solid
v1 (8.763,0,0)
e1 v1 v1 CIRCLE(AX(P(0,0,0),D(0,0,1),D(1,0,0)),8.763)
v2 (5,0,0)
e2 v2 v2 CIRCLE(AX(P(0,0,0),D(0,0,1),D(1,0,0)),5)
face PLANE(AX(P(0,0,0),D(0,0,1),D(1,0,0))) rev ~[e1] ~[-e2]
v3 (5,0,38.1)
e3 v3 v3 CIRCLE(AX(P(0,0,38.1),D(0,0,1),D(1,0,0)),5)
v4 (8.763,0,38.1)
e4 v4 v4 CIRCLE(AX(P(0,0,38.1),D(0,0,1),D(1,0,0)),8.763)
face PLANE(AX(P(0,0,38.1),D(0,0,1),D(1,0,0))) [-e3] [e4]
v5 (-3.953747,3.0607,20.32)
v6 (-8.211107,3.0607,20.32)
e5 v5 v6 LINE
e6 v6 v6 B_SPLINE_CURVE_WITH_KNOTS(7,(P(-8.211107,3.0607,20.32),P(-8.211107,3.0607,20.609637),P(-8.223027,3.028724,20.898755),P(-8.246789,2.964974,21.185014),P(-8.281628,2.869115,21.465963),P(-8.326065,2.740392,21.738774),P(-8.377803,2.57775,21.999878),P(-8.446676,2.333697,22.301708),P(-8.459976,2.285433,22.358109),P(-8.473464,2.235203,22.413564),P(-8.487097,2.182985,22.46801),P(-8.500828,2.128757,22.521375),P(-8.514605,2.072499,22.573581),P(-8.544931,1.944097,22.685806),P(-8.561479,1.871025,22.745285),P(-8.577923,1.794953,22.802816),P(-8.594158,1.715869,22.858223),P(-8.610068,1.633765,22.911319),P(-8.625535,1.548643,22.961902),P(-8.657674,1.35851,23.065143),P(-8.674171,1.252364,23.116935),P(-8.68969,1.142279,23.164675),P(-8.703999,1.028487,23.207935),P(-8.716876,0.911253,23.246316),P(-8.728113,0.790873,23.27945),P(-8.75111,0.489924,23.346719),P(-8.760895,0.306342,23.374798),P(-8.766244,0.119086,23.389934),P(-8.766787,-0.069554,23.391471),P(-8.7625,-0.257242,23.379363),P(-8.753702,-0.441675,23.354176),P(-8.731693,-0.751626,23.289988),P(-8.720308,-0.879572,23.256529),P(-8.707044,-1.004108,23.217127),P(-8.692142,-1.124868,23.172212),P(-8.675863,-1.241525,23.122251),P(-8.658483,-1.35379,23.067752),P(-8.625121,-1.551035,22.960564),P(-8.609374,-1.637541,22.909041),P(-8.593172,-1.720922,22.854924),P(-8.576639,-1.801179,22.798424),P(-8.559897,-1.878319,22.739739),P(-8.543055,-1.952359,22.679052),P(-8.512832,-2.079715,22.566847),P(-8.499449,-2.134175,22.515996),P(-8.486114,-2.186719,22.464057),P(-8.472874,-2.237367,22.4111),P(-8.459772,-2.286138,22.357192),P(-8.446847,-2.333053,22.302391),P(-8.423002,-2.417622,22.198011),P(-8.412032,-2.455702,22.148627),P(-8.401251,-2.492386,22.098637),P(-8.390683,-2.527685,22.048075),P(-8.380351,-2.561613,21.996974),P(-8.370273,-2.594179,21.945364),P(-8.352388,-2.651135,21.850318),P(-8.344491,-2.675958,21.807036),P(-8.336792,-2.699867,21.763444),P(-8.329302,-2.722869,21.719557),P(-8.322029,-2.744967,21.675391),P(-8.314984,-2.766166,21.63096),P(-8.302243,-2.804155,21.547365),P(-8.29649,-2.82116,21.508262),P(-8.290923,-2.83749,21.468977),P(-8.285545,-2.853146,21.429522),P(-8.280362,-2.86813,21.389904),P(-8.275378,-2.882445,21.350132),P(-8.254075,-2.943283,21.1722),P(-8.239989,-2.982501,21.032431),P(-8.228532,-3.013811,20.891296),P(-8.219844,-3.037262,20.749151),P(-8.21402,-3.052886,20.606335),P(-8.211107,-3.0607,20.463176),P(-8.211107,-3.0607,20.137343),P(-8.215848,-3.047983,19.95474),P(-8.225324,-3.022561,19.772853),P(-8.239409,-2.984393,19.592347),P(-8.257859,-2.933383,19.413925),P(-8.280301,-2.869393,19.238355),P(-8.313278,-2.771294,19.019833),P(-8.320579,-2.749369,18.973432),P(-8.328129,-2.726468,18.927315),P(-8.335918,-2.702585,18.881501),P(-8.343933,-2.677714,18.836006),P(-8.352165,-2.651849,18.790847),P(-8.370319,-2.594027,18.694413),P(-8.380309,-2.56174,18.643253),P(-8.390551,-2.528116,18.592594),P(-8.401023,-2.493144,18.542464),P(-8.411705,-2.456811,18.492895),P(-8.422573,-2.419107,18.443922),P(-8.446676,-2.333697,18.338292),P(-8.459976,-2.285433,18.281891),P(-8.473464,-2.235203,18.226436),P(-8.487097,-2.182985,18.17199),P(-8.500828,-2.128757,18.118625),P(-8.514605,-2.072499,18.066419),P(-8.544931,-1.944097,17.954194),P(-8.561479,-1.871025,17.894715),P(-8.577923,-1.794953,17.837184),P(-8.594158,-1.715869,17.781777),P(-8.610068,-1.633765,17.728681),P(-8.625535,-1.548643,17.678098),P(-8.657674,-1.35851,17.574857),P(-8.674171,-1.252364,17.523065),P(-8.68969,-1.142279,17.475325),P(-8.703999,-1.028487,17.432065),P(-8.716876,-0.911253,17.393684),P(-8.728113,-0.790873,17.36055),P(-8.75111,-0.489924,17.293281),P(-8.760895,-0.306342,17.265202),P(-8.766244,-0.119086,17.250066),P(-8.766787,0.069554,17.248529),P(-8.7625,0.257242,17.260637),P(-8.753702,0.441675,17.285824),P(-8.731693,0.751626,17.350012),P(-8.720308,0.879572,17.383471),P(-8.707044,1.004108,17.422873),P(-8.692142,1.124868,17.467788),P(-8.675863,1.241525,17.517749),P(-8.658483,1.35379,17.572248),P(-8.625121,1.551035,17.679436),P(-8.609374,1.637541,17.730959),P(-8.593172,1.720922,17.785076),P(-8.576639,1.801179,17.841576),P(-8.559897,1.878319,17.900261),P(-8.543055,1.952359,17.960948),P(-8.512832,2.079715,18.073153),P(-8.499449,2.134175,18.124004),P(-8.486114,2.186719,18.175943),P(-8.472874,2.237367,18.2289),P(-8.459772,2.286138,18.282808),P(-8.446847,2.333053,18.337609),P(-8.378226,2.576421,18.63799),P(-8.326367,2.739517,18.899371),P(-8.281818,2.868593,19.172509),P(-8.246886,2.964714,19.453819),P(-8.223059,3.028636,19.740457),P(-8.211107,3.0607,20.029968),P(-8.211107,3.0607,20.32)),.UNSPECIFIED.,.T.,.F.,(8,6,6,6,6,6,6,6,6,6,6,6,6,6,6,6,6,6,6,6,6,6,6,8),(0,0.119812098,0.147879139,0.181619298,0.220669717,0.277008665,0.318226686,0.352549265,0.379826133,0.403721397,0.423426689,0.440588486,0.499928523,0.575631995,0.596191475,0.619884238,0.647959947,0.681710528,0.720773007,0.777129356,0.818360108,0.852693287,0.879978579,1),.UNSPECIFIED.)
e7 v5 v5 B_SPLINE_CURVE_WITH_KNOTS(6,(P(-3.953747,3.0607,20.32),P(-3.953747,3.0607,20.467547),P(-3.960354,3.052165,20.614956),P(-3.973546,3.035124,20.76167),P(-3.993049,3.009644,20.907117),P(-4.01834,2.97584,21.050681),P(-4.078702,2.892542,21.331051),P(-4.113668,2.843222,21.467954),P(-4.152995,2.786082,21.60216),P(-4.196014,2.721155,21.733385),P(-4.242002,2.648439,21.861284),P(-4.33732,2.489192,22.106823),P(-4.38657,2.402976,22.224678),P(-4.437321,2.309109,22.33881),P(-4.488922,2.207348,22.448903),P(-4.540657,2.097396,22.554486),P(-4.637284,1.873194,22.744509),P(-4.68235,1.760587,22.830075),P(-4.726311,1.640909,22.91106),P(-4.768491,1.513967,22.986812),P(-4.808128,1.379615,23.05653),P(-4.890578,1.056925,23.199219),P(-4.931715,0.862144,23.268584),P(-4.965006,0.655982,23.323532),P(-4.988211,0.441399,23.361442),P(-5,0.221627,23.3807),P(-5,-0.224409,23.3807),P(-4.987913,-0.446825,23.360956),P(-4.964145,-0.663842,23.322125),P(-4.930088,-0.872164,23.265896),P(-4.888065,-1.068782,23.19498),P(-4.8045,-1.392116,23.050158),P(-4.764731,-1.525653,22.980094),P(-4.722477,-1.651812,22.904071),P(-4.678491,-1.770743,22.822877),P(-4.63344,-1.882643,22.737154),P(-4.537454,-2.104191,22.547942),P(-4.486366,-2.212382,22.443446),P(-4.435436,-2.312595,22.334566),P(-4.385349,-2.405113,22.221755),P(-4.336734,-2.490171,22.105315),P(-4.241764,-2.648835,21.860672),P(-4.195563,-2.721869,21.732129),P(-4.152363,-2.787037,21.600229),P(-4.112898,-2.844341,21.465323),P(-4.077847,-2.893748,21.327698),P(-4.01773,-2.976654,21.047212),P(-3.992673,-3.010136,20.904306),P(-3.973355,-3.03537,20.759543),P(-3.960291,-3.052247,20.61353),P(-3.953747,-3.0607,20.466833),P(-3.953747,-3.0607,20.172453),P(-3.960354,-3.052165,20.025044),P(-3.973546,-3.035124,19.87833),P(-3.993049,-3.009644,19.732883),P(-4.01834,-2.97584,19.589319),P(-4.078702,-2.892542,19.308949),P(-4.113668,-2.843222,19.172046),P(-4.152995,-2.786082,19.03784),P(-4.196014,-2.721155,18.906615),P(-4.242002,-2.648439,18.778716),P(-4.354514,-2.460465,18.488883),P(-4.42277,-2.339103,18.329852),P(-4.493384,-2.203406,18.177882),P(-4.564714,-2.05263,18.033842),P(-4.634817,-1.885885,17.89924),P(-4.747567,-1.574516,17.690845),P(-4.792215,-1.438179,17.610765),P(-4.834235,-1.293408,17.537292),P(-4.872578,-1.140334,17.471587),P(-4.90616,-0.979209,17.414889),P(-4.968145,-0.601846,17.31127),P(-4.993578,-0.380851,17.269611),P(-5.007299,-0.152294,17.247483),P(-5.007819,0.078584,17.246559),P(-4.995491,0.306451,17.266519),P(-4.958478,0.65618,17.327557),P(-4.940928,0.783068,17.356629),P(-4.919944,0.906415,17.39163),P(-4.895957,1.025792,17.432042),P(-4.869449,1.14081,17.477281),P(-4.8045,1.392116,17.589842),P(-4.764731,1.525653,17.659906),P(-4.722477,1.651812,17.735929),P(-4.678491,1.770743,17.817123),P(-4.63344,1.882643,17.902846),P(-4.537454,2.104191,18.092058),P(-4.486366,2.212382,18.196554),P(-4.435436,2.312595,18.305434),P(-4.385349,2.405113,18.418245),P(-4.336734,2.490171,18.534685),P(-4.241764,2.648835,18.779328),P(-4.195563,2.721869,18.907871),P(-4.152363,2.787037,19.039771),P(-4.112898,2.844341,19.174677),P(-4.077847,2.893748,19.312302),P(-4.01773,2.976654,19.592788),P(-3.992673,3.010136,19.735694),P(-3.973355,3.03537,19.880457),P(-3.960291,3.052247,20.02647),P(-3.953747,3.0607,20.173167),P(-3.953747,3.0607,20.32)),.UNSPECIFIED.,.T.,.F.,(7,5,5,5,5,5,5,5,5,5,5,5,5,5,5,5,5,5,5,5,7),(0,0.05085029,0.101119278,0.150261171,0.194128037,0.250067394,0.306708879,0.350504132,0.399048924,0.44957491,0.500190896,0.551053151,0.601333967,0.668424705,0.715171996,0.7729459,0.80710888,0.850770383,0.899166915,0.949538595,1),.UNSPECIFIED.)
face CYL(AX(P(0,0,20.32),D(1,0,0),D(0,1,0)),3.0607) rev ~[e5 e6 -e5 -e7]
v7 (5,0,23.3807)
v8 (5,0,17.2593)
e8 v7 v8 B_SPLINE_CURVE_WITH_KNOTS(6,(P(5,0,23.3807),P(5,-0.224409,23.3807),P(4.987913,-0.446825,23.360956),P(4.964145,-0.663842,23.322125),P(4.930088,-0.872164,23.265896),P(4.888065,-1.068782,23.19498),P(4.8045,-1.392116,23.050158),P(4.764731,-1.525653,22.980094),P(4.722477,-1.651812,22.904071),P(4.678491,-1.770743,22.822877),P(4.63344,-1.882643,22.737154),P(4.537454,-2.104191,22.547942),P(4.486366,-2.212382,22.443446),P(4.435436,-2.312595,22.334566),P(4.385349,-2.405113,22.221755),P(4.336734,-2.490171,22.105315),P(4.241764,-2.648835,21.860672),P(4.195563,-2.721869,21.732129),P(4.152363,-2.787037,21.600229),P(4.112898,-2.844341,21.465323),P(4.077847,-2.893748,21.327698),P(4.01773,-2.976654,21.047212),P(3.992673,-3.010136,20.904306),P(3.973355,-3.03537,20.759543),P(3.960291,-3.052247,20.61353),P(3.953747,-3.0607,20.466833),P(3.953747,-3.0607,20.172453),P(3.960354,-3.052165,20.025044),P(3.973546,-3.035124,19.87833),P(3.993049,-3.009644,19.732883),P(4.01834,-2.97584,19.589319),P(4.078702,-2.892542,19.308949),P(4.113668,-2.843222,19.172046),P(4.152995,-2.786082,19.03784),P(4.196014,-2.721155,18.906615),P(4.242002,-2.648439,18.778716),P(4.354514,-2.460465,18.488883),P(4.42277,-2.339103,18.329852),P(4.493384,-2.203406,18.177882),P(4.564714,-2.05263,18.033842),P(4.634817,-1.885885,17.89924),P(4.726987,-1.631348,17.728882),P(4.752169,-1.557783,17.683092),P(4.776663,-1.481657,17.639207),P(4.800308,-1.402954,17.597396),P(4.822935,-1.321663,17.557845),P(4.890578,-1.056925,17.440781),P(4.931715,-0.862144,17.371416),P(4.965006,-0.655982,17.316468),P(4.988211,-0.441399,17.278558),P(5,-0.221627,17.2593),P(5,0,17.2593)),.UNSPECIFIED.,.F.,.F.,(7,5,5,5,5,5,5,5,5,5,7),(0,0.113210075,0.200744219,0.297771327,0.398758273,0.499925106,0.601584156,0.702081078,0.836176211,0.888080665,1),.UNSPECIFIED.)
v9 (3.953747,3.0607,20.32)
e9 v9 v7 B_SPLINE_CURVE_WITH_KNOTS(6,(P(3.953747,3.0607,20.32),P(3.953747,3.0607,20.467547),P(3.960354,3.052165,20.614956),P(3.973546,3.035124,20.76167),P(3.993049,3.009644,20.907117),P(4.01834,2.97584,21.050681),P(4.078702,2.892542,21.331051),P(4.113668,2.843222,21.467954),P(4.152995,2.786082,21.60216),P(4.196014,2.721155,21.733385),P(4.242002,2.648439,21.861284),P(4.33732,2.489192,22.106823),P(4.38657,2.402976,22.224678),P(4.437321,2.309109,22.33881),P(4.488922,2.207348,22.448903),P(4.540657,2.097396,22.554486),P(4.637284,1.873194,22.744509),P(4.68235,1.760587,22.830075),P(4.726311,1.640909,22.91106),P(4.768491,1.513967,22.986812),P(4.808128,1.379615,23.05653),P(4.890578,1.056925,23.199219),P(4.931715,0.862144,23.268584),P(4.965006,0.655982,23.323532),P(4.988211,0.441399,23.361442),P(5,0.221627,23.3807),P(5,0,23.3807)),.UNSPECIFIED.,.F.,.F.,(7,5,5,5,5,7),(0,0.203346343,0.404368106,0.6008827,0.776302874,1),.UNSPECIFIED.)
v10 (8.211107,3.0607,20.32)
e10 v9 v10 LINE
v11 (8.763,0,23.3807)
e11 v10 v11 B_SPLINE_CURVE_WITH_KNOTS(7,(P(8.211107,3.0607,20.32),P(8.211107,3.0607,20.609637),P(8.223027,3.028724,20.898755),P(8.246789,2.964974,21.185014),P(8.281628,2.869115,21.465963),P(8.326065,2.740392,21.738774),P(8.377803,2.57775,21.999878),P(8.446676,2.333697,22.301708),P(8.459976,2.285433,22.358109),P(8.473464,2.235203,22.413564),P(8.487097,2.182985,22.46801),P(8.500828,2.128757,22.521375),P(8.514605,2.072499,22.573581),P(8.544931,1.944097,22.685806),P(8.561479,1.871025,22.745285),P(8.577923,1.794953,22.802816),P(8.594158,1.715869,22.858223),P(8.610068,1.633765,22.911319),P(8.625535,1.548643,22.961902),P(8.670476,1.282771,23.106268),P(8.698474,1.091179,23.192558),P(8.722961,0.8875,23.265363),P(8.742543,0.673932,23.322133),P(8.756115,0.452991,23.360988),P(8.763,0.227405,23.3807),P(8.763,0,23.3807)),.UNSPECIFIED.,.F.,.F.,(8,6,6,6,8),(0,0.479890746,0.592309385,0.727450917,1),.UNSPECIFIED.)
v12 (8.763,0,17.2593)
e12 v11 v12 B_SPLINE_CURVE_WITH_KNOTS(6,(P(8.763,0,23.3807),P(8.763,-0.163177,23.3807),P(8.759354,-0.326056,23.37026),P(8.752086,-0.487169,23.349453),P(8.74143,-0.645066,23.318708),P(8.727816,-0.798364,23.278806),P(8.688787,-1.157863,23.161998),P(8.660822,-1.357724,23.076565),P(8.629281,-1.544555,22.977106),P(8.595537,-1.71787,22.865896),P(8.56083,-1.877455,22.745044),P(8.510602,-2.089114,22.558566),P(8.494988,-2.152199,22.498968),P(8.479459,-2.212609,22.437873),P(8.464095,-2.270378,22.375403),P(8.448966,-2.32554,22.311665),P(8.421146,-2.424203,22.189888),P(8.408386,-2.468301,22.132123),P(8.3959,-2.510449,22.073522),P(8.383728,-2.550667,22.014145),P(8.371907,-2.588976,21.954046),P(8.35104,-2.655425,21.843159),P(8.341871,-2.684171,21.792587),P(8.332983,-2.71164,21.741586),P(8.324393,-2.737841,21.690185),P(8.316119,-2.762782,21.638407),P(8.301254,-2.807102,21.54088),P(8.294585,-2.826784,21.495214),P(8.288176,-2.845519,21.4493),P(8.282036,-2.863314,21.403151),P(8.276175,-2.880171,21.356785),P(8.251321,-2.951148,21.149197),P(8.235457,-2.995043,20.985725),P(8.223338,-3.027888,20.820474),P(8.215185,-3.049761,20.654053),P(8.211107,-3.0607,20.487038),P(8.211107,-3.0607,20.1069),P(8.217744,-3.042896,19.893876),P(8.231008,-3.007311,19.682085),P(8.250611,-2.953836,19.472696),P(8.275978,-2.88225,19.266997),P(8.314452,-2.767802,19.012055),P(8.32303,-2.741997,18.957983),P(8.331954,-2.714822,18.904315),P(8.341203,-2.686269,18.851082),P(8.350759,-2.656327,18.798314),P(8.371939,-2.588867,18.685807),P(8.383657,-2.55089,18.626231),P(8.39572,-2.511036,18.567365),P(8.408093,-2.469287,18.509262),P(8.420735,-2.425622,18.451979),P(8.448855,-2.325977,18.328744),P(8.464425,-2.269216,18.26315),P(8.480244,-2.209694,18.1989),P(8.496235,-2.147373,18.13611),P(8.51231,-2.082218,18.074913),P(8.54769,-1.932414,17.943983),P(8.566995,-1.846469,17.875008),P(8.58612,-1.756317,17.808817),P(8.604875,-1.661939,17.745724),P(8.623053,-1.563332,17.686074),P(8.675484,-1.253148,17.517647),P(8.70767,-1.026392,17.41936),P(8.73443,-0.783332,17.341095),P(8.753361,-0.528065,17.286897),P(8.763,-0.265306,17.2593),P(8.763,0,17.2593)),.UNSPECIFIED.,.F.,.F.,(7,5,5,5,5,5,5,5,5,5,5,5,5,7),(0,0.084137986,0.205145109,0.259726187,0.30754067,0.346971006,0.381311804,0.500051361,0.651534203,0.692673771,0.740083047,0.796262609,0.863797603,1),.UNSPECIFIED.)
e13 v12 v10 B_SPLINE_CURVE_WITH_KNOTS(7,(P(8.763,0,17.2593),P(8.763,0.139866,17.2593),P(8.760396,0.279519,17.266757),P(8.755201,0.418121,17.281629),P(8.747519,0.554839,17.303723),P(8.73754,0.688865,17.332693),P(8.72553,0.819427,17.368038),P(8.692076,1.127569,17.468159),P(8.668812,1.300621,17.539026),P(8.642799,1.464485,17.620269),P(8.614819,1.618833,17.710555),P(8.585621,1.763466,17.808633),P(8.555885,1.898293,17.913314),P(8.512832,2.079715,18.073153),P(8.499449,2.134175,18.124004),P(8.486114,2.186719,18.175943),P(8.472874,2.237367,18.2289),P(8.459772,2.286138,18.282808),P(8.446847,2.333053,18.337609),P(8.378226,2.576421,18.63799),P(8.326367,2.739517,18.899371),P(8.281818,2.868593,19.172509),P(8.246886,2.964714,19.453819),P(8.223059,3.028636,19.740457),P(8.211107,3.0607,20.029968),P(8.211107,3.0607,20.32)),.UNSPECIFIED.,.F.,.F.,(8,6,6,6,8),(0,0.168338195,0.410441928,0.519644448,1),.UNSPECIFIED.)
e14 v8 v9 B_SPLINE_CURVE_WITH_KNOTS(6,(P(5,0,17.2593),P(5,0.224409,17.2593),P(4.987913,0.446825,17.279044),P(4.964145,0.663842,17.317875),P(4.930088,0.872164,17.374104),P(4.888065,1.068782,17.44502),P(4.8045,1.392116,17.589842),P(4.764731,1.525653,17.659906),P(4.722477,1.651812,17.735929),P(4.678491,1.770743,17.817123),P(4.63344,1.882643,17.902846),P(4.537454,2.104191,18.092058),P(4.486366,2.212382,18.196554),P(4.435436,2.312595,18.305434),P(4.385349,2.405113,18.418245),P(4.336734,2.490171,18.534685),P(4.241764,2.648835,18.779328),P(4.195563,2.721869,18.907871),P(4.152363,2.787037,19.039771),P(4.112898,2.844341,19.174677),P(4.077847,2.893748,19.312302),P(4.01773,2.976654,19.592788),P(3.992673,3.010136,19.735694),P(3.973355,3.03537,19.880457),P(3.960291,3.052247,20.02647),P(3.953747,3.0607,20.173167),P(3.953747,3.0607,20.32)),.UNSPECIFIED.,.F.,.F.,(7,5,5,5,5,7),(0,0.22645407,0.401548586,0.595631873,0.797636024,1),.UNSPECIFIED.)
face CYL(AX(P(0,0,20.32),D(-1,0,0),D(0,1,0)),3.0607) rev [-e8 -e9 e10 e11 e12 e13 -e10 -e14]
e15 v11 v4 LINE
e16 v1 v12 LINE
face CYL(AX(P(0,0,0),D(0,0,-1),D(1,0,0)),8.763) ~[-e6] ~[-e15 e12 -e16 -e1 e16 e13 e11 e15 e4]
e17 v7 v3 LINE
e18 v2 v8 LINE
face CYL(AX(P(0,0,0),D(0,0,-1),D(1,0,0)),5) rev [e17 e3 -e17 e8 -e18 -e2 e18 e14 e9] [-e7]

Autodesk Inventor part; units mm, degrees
ref_plane "YZ Plane" through (0, 0, 0) normal (1, 0, 0) x (0, 1, 0)
ref_plane "XZ Plane" through (0, 0, 0) normal (0, 1, 0) x (-1, 0, 0)
ref_plane "XY Plane" through (0, 0, 0) normal (0, 0, 1) x (1, 0, 0)
sketch "Sketch1" plane through (0, 0, 0) normal (0, 0, 1) x (1, 0, 0)
  circle A0 centre (0, 0) radius 8.763
  circle A1 centre (0, 0) radius 5
  dimension "d0" = 17.526
  dimension "d1" = 10
extrude "Extrusion1" add sketch "Sketch1" along normal blind 38.1
sketch "Sketch2" plane through (0, 0, 0) normal (1, 0, 0) x (0, 1, 0)
  line L0 (8.763, 38.1) -> (-8.763, 38.1) projected
  line L1 (-8.763, 0) -> (8.763, 0) projected
  line L2 (-5, 0) -> (-5, 38.1) projected
  line L3 (-8.763, 0) -> (-8.763, 38.1) projected
  line L4 (8.763, 0) -> (8.763, 38.1) projected
  circle A0 centre (0, 20.32) radius 3.0607
  point P0 (0, 0)
  dimension "d4" = 17.526
  dimension "d5" = 8.763
  dimension "d6" = 6.1214
  dimension "d7" = 20.32
extrude "Extrusion2" cut sketch "Sketch2" along normal mid plane 25.4 contours A0
thread "Thread1" size "1-10 UNS" class "2B" standard "ANSI Unified Screw Threads" full length
properties part number "Thread insert" material "PBT Plastic"
